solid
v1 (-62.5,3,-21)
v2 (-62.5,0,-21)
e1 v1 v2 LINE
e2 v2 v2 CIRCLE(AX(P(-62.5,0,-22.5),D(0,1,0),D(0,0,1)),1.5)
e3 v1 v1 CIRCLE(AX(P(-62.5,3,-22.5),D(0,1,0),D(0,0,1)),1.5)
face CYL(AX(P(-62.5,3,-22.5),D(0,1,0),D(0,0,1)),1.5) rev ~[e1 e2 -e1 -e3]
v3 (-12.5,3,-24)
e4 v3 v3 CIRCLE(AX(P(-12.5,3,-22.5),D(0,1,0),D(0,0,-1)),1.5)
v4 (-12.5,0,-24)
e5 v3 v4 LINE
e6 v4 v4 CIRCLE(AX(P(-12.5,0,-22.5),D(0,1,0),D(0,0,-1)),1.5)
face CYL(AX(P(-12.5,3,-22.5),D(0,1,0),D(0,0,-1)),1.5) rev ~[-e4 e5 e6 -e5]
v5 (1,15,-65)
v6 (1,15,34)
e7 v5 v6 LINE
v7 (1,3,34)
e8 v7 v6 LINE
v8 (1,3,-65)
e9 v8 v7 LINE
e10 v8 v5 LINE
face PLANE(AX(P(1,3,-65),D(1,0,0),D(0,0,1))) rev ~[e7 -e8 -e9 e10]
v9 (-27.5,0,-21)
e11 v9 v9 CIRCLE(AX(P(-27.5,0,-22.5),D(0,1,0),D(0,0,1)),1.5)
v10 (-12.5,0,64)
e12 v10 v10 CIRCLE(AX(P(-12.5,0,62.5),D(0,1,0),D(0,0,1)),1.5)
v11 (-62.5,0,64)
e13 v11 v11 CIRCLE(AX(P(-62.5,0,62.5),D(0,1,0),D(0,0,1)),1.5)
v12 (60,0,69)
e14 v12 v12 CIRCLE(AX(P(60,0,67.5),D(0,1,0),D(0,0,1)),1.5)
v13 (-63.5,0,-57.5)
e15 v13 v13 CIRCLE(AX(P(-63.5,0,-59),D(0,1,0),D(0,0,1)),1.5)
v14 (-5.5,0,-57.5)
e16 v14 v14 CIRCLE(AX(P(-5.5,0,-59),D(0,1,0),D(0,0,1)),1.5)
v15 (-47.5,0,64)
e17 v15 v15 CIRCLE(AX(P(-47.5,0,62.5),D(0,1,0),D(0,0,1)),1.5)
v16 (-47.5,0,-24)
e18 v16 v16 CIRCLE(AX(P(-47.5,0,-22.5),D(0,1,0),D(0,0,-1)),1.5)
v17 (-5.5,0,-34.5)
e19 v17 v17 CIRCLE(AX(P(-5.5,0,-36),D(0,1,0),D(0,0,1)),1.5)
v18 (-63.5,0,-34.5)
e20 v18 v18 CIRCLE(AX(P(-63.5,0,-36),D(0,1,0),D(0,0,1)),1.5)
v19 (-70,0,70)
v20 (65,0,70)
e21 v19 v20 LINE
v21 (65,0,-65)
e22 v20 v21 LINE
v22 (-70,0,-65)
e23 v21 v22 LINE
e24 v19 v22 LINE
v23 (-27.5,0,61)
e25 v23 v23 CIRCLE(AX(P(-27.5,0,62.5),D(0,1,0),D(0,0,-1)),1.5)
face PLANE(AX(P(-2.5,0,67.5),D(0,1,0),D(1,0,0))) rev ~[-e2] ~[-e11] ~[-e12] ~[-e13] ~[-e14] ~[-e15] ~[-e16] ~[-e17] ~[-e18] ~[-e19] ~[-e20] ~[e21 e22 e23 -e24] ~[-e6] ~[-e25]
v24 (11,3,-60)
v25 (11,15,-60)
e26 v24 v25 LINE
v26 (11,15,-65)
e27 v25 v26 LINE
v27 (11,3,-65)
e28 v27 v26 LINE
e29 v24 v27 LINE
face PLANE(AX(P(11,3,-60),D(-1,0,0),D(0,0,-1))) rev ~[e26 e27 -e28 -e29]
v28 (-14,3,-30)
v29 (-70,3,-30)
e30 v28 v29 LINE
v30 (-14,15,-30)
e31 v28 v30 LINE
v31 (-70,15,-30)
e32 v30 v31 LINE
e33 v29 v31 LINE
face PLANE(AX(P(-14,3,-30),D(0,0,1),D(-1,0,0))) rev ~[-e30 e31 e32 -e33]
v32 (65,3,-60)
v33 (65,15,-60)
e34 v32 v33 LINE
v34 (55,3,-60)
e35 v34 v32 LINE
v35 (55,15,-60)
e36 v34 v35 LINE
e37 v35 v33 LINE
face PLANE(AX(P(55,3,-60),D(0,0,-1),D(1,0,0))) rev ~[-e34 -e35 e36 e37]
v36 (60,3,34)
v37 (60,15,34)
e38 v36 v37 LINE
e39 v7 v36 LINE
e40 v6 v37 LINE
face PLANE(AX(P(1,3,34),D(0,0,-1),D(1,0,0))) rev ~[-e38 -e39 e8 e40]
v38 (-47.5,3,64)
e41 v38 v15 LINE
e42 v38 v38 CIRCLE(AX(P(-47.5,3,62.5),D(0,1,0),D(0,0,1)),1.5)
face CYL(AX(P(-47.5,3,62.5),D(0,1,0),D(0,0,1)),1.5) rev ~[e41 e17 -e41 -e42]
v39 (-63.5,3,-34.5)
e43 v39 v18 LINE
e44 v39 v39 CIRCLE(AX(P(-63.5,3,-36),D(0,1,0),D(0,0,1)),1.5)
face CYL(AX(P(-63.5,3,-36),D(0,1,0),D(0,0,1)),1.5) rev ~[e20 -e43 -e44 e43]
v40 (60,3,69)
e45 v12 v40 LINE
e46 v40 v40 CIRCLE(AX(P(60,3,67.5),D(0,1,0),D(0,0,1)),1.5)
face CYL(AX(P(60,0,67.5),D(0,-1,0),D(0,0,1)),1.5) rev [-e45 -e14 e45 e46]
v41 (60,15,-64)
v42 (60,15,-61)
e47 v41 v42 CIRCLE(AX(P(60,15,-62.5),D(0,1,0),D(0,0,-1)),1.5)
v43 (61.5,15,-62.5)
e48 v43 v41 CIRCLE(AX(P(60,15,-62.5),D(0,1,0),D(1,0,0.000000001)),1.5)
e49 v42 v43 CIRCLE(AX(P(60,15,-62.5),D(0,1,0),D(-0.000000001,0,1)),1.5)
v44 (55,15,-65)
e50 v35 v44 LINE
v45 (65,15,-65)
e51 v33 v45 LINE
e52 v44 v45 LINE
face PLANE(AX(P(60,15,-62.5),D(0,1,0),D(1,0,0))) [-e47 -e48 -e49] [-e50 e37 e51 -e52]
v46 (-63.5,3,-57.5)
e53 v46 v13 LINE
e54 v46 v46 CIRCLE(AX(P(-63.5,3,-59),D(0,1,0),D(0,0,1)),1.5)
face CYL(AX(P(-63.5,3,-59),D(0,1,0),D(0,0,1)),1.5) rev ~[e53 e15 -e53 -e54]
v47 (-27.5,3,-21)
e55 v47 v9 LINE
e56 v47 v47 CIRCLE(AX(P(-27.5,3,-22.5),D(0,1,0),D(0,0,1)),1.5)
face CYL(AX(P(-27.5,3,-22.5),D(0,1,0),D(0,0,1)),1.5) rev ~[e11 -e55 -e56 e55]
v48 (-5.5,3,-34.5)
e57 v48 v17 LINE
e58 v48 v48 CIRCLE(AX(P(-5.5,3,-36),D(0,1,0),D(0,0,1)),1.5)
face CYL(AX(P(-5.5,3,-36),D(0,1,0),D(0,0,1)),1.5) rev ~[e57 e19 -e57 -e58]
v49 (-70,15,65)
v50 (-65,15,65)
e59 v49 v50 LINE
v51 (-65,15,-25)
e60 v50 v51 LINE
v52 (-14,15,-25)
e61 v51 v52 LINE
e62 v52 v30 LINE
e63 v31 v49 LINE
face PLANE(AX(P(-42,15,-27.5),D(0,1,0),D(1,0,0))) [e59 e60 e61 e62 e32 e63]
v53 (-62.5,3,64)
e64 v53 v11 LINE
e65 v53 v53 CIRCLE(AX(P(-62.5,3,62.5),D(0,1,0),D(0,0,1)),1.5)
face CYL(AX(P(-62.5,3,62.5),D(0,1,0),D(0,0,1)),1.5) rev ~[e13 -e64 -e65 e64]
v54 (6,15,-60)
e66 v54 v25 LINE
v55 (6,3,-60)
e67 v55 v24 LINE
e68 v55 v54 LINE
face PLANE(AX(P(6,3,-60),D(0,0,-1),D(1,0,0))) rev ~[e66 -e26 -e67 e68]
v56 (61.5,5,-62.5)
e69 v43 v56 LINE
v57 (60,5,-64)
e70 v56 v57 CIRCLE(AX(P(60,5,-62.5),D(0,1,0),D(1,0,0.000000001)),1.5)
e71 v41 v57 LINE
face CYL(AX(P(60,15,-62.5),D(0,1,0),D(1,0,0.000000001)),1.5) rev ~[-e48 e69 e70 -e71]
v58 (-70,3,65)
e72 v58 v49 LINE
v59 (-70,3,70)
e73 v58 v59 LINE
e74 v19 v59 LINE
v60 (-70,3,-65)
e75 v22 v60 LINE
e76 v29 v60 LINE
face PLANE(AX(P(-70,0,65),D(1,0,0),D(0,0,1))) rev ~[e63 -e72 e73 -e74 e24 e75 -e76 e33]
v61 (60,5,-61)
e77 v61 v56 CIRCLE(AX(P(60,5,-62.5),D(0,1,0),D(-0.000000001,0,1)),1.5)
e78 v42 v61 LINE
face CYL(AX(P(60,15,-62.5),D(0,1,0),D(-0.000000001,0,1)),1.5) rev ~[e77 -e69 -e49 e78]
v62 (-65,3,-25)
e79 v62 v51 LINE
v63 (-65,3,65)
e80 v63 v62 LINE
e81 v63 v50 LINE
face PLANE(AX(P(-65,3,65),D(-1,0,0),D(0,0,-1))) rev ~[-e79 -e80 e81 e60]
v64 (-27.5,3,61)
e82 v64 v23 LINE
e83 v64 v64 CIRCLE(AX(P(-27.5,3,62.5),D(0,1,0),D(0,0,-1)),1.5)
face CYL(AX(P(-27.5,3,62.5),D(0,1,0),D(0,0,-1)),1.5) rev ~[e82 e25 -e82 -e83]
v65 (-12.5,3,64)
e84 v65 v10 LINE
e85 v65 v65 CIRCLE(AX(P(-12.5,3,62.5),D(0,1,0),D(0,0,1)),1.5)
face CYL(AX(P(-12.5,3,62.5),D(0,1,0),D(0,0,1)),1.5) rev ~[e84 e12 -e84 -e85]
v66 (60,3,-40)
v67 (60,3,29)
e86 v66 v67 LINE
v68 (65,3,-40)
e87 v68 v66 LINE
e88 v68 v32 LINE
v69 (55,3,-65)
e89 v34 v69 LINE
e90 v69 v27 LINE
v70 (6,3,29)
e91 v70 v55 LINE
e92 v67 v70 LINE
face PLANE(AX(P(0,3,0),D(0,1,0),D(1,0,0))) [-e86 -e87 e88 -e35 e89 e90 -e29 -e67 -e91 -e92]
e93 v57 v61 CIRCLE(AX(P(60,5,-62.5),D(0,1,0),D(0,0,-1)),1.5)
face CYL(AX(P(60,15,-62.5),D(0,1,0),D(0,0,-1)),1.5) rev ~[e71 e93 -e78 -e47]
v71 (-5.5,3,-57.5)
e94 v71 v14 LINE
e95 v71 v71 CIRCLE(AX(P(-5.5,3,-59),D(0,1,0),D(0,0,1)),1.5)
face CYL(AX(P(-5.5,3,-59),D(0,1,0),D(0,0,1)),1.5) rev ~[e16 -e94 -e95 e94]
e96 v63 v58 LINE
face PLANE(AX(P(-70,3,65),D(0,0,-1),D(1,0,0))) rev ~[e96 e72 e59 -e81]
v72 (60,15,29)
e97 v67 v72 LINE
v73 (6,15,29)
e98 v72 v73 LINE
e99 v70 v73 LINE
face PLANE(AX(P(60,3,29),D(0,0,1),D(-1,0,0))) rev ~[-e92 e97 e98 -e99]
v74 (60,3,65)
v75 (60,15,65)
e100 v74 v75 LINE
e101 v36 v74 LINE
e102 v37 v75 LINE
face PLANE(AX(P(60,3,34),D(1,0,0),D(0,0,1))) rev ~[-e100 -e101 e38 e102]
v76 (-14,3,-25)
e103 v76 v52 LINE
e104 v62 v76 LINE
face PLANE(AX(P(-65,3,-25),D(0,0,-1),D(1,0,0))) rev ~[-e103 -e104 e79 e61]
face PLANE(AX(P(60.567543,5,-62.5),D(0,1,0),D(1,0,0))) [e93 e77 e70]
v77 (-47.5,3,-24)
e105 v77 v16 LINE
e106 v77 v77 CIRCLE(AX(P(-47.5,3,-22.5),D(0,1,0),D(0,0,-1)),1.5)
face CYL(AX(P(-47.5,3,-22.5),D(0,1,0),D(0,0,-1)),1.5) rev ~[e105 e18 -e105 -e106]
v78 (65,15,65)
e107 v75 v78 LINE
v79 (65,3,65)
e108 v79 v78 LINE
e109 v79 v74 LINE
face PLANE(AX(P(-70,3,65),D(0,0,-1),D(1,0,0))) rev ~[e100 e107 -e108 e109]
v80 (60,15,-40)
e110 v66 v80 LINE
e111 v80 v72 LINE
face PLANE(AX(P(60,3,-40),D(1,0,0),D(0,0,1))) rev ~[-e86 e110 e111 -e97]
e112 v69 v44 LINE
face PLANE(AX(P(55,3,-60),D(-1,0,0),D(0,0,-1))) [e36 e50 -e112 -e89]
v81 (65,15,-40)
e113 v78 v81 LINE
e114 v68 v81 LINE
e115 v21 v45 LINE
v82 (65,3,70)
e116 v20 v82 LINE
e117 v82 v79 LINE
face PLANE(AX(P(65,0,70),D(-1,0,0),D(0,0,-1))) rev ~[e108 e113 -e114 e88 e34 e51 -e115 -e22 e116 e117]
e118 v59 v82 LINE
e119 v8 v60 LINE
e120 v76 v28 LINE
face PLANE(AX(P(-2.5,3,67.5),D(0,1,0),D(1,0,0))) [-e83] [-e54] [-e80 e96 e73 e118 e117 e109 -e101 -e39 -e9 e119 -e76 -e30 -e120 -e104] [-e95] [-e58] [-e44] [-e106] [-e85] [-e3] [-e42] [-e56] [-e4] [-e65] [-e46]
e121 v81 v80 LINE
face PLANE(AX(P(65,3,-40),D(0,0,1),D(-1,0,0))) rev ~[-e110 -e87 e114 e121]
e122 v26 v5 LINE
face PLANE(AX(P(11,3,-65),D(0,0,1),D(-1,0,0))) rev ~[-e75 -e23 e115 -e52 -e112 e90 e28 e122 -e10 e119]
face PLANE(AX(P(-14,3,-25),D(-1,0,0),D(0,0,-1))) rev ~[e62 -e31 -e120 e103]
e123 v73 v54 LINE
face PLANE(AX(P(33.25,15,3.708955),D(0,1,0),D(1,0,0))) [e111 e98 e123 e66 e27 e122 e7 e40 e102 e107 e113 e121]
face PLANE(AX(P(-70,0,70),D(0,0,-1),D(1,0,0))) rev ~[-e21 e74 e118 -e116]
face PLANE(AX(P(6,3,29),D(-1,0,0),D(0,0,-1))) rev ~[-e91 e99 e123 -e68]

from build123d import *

# Parameters (mm, degrees)
SKETCH1_W           = 130
SKETCH1_H           = 130
SKETCH1_W_2         = 5
BOSS_EXTRUDE1_DEPTH = 3
SKETCH7_R           = 1.5
CUT_EXTRUDE3_DEPTH  = 3
SKETCH8_W           = 10
SKETCH8_H           = 5
BOSS_EXTRUDE5_DEPTH = 12
SKETCH9_R           = 1.5
CUT_EXTRUDE4_DEPTH  = 9
SKETCH10_W          = 5
SKETCH10_H          = 90
BOSS_EXTRUDE6_DEPTH = 12
SKETCH12_R          = 1.5
BOSS_EXTRUDE7_DEPTH = 3
CUT_EXTRUDE5_DEPTH  = 10


with BuildPart() as part:
    # Sketch1 → Boss-Extrude1 (new body)
    with BuildSketch(Plane(origin=(0, 0, 0), x_dir=(1, 0, 0), z_dir=(0, 1, 0))):
        Rectangle(SKETCH1_W, SKETCH1_H)
        with Locations((-67.5, 0)):
            Rectangle(SKETCH1_W_2, SKETCH1_H)
    extrude(amount=BOSS_EXTRUDE1_DEPTH)

    # Sketch7 → Cut-Extrude3 (cut)
    with BuildSketch(Plane(origin=(0, 3, 0), x_dir=(1, 0, 0), z_dir=(0, 1, 0))):
        with Locations(Location((-47.5, -62.5, 0), (0, 0, 270))):
            Circle(SKETCH7_R)
        with Locations(Location((-62.5, -62.5, 0), (0, 0, 270))):
            Circle(SKETCH7_R)
        with Locations(Location((-62.5, 22.5, 0), (0, 0, 270))):
            Circle(SKETCH7_R)
        with Locations(Location((-47.5, 22.5, 0), (0, 0, 90))):
            Circle(SKETCH7_R)
        with Locations(Location((-27.5, 22.5, 0), (0, 0, 270))):
            Circle(SKETCH7_R)
        with Locations(Location((-12.5, 22.5, 0), (0, 0, 90))):
            Circle(SKETCH7_R)
        with Locations(Location((-27.5, -62.5, 0), (0, 0, 90))):
            Circle(SKETCH7_R)
        with Locations(Location((-12.5, -62.5, 0), (0, 0, 270))):
            Circle(SKETCH7_R)
    extrude(amount=-CUT_EXTRUDE3_DEPTH, mode=Mode.SUBTRACT)

    # Sketch8 → Boss-Extrude5 (add)
    with BuildSketch(Plane(origin=(0, 3, 0), x_dir=(1, 0, 0), z_dir=(0, 1, 0))):
        Polygon((60, -65), (65, -65), (65, 40), (60, 40), (60, -29), (6, -29), (6, 60), (11, 60), (11, 65), (1, 65), (1, -34), (60, -34), align=None)
        with Locations((60, 62.5)):
            Rectangle(SKETCH8_W, SKETCH8_H)
    extrude(amount=BOSS_EXTRUDE5_DEPTH)

    # Sketch9 → Cut-Extrude4 (cut)
    with BuildSketch(Plane(origin=(0, 3, 0), x_dir=(1, 0, 0), z_dir=(0, 1, 0))):
        with Locations(Location((-63.5, 59, 0), (0, 0, 270))):
            Circle(SKETCH9_R)
        with Locations(Location((-63.5, 36, 0), (0, 0, 270))):
            Circle(SKETCH9_R)
        with Locations(Location((-5.5, 36, 0), (0, 0, 270))):
            Circle(SKETCH9_R)
        with Locations(Location((-5.5, 59, 0), (0, 0, 270))):
            Circle(SKETCH9_R)
    extrude(amount=-CUT_EXTRUDE4_DEPTH, mode=Mode.SUBTRACT)

    # Sketch10 → Boss-Extrude6 (add)
    with BuildSketch(Plane(origin=(0, 3, 0), x_dir=(1, 0, 0), z_dir=(0, 1, 0))):
        Polygon((-70, 30), (-70, 25), (-65, 25), (-14, 25), (-14, 30), align=None)
        with Locations((-67.5, -20)):
            Rectangle(SKETCH10_W, SKETCH10_H)
    extrude(amount=BOSS_EXTRUDE6_DEPTH)

    # Sketch12 → Boss-Extrude7 (add)
    with BuildSketch(Plane(origin=(0, 0, 0), x_dir=(1, 0, 0), z_dir=(0, 1, 0))):
        Polygon((65, -65), (60, -65), (-65, -65), (-70, -65), (-70, -70), (65, -70), align=None)
        with Locations(Location((60, -67.5, 0), (0, 0, 270))):
            Circle(SKETCH12_R, mode=Mode.SUBTRACT)
    extrude(amount=BOSS_EXTRUDE7_DEPTH)

    # Sketch13 → Cut-Extrude5 (cut)
    with BuildSketch(Plane(origin=(0, 15, 0), x_dir=(1, 0, 0), z_dir=(0, 1, 0))):
        with BuildLine():
            ThreePointArc((61.5, 62.5), (61.060660172, 63.560660172), (60, 64))
            Line((60, 64), (60, 61))
            ThreePointArc((60, 61), (61.060660172, 61.439339828), (61.5, 62.5))
        make_face()
        with BuildLine():
            Line((60, 61), (60, 64))
            ThreePointArc((60, 64), (58.5, 62.5), (60, 61))
        make_face()
    extrude(amount=-CUT_EXTRUDE5_DEPTH, mode=Mode.SUBTRACT)


solid = part.part
